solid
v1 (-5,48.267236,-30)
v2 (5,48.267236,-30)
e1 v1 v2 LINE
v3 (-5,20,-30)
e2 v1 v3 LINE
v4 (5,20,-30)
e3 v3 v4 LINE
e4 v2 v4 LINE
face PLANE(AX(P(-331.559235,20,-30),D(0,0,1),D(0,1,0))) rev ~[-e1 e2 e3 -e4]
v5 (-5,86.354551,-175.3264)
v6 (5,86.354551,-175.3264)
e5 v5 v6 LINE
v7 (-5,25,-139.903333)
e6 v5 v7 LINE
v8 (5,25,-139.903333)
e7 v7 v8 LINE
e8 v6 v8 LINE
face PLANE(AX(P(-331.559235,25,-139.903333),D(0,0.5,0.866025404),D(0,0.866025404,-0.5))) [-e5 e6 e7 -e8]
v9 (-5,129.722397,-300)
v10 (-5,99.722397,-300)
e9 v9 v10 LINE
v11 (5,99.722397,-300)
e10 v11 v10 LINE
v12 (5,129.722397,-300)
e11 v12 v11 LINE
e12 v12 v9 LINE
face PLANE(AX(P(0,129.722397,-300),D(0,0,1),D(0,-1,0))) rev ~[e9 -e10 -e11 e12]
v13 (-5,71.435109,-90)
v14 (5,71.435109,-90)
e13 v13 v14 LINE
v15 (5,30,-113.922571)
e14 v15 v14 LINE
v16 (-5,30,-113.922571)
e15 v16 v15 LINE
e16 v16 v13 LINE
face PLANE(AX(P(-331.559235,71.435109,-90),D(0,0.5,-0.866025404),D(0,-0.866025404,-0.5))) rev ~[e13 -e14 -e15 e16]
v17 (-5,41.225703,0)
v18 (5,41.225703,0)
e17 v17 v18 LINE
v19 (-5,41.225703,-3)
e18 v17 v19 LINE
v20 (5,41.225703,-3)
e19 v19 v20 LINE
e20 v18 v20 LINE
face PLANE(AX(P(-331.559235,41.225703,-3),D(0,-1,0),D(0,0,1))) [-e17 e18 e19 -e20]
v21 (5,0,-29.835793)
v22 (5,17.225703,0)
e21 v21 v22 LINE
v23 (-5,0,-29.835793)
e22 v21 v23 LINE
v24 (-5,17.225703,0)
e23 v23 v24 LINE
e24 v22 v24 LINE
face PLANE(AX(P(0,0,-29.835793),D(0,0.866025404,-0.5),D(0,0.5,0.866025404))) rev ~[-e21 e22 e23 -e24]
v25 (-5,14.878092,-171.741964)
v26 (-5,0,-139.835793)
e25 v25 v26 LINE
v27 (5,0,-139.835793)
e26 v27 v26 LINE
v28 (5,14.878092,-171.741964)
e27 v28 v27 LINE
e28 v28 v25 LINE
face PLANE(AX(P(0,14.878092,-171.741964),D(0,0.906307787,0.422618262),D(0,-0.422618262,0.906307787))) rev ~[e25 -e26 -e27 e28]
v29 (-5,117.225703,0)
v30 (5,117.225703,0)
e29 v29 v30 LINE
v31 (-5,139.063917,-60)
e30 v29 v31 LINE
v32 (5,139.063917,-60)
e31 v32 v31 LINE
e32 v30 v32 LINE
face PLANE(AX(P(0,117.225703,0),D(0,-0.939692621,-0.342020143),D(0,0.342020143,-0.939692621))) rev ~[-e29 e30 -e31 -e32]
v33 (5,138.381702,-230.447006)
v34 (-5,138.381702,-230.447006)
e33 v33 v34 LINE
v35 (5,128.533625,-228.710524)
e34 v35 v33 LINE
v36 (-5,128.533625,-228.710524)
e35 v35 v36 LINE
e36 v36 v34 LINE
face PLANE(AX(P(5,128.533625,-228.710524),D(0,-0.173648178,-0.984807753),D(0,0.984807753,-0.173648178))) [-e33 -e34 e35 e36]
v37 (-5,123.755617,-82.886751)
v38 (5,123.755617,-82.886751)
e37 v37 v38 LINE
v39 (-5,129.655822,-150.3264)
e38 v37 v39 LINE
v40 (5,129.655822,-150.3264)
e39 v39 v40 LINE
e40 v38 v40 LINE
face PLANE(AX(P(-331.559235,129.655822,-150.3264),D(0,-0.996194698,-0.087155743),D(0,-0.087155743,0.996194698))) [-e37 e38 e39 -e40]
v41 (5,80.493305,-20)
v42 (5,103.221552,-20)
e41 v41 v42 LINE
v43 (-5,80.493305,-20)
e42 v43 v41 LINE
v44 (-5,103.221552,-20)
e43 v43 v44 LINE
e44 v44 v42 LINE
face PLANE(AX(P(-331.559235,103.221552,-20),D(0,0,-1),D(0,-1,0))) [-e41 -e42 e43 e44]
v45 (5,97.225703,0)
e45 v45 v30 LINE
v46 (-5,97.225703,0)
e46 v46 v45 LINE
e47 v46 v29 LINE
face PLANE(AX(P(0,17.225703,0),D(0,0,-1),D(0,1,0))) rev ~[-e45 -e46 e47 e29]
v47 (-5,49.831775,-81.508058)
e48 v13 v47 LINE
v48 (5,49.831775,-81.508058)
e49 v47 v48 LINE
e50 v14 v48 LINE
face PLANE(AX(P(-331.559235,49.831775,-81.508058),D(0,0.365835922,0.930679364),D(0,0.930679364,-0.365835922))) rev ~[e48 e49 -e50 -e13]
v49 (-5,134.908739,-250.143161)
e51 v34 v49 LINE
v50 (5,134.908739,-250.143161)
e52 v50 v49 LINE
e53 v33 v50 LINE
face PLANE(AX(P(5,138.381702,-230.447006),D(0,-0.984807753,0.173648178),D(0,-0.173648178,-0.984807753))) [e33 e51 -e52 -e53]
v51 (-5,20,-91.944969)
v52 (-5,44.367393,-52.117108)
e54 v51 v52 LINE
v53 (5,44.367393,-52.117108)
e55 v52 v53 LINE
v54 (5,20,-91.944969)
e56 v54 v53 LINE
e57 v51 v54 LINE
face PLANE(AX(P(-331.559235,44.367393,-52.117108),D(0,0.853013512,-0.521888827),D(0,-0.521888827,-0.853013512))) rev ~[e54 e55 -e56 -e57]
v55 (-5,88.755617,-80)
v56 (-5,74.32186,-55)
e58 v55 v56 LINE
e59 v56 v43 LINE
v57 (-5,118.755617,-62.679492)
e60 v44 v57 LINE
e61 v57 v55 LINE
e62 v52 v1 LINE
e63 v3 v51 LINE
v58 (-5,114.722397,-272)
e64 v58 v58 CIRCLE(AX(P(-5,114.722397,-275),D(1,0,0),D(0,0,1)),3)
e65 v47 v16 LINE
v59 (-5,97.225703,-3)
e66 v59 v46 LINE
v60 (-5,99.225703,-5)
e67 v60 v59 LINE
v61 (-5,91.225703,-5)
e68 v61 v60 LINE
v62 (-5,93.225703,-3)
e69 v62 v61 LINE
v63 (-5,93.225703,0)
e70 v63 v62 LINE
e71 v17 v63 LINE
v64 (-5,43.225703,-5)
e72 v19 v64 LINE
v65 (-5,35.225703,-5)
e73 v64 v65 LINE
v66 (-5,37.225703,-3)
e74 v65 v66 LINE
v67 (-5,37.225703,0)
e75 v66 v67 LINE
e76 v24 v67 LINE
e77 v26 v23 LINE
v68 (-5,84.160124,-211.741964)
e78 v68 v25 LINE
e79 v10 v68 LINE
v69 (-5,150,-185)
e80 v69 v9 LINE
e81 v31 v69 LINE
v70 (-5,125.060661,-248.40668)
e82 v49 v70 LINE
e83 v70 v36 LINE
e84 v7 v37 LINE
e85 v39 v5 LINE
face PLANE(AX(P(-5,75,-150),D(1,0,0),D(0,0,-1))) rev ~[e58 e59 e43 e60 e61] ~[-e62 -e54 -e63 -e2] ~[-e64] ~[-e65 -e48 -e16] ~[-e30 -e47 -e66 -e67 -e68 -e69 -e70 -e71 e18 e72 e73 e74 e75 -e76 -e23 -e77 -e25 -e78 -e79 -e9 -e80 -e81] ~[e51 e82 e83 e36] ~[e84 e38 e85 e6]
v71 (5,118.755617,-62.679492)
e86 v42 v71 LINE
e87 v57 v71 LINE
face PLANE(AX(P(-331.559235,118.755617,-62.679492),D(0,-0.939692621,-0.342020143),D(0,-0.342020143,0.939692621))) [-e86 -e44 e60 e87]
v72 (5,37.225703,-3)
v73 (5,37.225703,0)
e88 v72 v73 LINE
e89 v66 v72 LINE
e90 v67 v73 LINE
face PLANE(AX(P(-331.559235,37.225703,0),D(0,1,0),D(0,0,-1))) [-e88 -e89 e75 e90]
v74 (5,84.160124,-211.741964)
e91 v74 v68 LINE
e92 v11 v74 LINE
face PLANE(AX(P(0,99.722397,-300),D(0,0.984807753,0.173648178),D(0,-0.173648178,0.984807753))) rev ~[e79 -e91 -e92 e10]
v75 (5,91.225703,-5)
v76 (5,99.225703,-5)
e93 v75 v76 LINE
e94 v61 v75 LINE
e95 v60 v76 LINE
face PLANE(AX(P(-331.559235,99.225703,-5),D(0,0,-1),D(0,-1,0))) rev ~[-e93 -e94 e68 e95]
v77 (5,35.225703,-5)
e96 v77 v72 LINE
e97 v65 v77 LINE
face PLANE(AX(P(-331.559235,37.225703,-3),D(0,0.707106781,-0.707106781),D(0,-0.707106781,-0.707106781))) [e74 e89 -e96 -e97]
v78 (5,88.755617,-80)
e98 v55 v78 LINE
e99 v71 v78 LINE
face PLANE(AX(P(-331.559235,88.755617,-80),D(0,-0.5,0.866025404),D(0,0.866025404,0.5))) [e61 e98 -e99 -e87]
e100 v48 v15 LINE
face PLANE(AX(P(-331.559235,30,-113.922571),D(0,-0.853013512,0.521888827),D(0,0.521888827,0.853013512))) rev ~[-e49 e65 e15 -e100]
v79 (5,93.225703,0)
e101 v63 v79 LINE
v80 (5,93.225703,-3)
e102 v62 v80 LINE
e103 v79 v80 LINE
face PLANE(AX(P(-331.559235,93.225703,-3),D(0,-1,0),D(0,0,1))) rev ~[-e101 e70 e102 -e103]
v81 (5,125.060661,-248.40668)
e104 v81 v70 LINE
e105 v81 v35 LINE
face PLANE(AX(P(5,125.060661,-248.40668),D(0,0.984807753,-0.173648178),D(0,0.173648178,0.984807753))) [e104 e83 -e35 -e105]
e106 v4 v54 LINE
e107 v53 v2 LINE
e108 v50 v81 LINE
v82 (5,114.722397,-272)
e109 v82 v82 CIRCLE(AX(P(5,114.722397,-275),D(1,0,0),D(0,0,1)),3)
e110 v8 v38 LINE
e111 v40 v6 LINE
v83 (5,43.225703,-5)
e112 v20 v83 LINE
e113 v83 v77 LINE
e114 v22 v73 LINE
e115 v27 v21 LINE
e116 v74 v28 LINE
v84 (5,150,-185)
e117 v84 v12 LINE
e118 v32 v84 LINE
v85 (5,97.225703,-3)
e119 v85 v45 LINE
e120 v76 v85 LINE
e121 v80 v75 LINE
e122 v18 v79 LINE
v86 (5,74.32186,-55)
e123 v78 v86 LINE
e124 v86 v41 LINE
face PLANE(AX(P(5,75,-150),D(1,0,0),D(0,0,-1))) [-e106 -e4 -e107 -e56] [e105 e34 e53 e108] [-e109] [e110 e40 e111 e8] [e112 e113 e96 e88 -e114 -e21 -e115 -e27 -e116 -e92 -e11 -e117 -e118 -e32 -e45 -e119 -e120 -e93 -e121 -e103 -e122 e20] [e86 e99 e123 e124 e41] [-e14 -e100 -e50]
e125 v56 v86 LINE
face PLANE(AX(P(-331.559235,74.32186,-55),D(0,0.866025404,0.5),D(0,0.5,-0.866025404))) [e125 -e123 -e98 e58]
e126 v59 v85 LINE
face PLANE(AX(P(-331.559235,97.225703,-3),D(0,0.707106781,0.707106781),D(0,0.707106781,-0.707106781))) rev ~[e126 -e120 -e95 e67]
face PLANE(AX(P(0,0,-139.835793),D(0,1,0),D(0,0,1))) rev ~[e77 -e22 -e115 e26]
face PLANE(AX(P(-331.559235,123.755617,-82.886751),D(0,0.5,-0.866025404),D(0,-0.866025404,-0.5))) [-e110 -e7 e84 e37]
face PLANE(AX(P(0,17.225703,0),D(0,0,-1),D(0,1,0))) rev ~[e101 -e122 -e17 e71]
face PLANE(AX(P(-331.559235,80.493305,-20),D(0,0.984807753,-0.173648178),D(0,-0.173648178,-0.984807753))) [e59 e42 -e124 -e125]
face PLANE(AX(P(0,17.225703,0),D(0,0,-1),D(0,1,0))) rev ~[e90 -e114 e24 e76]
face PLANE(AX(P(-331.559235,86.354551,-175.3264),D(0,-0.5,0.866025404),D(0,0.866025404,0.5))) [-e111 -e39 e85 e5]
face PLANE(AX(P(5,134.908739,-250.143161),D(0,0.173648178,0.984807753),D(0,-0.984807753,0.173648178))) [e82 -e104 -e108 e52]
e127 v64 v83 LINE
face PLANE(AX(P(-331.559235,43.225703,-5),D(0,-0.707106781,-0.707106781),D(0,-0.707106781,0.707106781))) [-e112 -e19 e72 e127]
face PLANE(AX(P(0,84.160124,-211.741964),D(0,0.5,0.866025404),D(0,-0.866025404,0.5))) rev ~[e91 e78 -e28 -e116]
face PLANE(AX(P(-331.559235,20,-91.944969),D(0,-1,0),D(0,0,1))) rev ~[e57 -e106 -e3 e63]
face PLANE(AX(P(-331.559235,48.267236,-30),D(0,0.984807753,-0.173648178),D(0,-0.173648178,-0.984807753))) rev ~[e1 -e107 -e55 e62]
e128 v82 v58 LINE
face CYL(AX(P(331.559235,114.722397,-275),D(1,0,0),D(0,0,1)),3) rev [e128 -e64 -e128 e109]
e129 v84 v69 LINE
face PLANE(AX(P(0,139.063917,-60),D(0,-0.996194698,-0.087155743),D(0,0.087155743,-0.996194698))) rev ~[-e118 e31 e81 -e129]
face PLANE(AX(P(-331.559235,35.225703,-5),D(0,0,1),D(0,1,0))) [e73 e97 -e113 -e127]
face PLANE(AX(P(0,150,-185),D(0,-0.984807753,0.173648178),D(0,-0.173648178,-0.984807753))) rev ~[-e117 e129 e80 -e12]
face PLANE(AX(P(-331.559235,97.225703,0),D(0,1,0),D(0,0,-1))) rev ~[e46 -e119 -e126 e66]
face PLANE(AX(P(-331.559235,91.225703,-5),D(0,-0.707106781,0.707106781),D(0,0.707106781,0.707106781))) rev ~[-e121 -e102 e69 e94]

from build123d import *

# Parameters (mm, degrees)
ESQUISSE1_W                  = 300
ESQUISSE1_H                  = 150
BOSS_EXTRU_1_DEPTH           = 5
ESQUISSE2_OUTSIDE_W          = 369.112
ESQUISSE2_OUTSIDE_H          = 219.112
ENL_V_MAT_EXTRU_1_DEPTH      = 5
ENL_V_MAT_EXTRU_2_DEPTH      = 336.559234711
ENL_V_MAT_EXTRU_2_DEPTH_BACK = 336.559234711
ENL_V_MAT_EXTRU_3_DEPTH      = 336.559234711
ENL_V_MAT_EXTRU_3_DEPTH_BACK = 336.559234711
ENL_V_MAT_EXTRU_4_DEPTH      = 336.559234711
ENL_V_MAT_EXTRU_4_DEPTH_BACK = 336.559234711
ESQUISSE5_R                  = 3
ENL_V_MAT_EXTRU_5_DEPTH      = 49


with BuildPart() as part:
    # Esquisse1 → Boss.-Extru.1 (new, symmetric)
    with BuildSketch(Plane(origin=(0, 0, 0), x_dir=(0, 0, -1), z_dir=(1, 0, 0))):
        with Locations((150, 75)):
            Rectangle(ESQUISSE1_W, ESQUISSE1_H)
    extrude(amount=BOSS_EXTRU_1_DEPTH, both=True)

    # Esquisse2 outside → Enlèv. mat.-Extru.1 (cut, symmetric)
    with BuildSketch(Plane(origin=(0, 0, 0), x_dir=(0, 0, -1), z_dir=(1, 0, 0))):
        with Locations((150, 75)):
            Rectangle(ESQUISSE2_OUTSIDE_W, ESQUISSE2_OUTSIDE_H)
        Polygon((0, 117.225703003), (60, 139.063917059), (185, 150), (300, 129.722397219), (300, 99.722397219), (211.741963761, 84.160124165), (171.741963761, 14.878091862), (139.835792798, 0), (29.835792798, 0), (0, 17.225703003), align=None, mode=Mode.SUBTRACT)
    extrude(amount=ENL_V_MAT_EXTRU_1_DEPTH, both=True, mode=Mode.SUBTRACT)

    # Esquisse3 → Enlèv. mat.-Extru.2 (cut, two sides: drawn at the far end of the back side and taken through both)
    with BuildSketch(Plane(origin=(5, 0, 0), x_dir=(0, 0, -1), z_dir=(1, 0, 0)).offset(-ENL_V_MAT_EXTRU_2_DEPTH_BACK)):
        Polygon((20, 103.221552239), (20, 80.493304508), (55, 74.321860183), (80, 88.755616913), (62.679491924, 118.755616913), align=None)
        Polygon((90, 71.435108837), (113.922571241, 30), (81.508057782, 49.831775443), align=None)
        Polygon((82.886751346, 123.755616913), (139.903333355, 25), (175.32640016, 86.354551467), (150.32640016, 129.655821657), align=None)
        Polygon((91.944969354, 20), (30, 20), (30, 48.267236345), (52.117107943, 44.367393479), align=None)
    extrude(amount=ENL_V_MAT_EXTRU_2_DEPTH + ENL_V_MAT_EXTRU_2_DEPTH_BACK, mode=Mode.SUBTRACT)

    # Esquisse4 → Enlèv. mat.-Extru.3 (cut, two sides: drawn at the far end of the back side and taken through both)
    with BuildSketch(Plane(origin=(5, 0, 0), x_dir=(0, 0, -1), z_dir=(1, 0, 0)).offset(-ENL_V_MAT_EXTRU_3_DEPTH_BACK)):
        Polygon((0, 97.225703003), (3, 97.225703003), (5, 99.225703003), (5, 91.225703003), (3, 93.225703003), (0, 93.225703003), align=None)
        Polygon((3, 41.225703003), (0, 41.225703003), (0, 37.225703003), (3, 37.225703003), (5, 35.225703003), (5, 43.225703003), align=None)
    extrude(amount=ENL_V_MAT_EXTRU_3_DEPTH + ENL_V_MAT_EXTRU_3_DEPTH_BACK, mode=Mode.SUBTRACT)

    # Esquisse5 → Enlèv. mat.-Extru.4 (cut, two sides: drawn at the far end of the back side and taken through both)
    with BuildSketch(Plane.ZY.offset(5).offset(-ENL_V_MAT_EXTRU_4_DEPTH_BACK)):
        with Locations((-275, 114.722397219)):
            Circle(ESQUISSE5_R)
    extrude(amount=ENL_V_MAT_EXTRU_4_DEPTH + ENL_V_MAT_EXTRU_4_DEPTH_BACK, mode=Mode.SUBTRACT)

    # Esquisse6 → Enlèv. mat.-Extru.5 (cut)
    with BuildSketch(Plane(origin=(5, 0, 0), x_dir=(0, 0, -1), z_dir=(1, 0, 0))):
        Polygon((230.447006258, 138.381702132), (250.143161319, 134.908738579), (248.406679542, 125.060661049), (228.710524482, 128.533624602), align=None)
    extrude(amount=-ENL_V_MAT_EXTRU_5_DEPTH, mode=Mode.SUBTRACT)


solid = part.part
